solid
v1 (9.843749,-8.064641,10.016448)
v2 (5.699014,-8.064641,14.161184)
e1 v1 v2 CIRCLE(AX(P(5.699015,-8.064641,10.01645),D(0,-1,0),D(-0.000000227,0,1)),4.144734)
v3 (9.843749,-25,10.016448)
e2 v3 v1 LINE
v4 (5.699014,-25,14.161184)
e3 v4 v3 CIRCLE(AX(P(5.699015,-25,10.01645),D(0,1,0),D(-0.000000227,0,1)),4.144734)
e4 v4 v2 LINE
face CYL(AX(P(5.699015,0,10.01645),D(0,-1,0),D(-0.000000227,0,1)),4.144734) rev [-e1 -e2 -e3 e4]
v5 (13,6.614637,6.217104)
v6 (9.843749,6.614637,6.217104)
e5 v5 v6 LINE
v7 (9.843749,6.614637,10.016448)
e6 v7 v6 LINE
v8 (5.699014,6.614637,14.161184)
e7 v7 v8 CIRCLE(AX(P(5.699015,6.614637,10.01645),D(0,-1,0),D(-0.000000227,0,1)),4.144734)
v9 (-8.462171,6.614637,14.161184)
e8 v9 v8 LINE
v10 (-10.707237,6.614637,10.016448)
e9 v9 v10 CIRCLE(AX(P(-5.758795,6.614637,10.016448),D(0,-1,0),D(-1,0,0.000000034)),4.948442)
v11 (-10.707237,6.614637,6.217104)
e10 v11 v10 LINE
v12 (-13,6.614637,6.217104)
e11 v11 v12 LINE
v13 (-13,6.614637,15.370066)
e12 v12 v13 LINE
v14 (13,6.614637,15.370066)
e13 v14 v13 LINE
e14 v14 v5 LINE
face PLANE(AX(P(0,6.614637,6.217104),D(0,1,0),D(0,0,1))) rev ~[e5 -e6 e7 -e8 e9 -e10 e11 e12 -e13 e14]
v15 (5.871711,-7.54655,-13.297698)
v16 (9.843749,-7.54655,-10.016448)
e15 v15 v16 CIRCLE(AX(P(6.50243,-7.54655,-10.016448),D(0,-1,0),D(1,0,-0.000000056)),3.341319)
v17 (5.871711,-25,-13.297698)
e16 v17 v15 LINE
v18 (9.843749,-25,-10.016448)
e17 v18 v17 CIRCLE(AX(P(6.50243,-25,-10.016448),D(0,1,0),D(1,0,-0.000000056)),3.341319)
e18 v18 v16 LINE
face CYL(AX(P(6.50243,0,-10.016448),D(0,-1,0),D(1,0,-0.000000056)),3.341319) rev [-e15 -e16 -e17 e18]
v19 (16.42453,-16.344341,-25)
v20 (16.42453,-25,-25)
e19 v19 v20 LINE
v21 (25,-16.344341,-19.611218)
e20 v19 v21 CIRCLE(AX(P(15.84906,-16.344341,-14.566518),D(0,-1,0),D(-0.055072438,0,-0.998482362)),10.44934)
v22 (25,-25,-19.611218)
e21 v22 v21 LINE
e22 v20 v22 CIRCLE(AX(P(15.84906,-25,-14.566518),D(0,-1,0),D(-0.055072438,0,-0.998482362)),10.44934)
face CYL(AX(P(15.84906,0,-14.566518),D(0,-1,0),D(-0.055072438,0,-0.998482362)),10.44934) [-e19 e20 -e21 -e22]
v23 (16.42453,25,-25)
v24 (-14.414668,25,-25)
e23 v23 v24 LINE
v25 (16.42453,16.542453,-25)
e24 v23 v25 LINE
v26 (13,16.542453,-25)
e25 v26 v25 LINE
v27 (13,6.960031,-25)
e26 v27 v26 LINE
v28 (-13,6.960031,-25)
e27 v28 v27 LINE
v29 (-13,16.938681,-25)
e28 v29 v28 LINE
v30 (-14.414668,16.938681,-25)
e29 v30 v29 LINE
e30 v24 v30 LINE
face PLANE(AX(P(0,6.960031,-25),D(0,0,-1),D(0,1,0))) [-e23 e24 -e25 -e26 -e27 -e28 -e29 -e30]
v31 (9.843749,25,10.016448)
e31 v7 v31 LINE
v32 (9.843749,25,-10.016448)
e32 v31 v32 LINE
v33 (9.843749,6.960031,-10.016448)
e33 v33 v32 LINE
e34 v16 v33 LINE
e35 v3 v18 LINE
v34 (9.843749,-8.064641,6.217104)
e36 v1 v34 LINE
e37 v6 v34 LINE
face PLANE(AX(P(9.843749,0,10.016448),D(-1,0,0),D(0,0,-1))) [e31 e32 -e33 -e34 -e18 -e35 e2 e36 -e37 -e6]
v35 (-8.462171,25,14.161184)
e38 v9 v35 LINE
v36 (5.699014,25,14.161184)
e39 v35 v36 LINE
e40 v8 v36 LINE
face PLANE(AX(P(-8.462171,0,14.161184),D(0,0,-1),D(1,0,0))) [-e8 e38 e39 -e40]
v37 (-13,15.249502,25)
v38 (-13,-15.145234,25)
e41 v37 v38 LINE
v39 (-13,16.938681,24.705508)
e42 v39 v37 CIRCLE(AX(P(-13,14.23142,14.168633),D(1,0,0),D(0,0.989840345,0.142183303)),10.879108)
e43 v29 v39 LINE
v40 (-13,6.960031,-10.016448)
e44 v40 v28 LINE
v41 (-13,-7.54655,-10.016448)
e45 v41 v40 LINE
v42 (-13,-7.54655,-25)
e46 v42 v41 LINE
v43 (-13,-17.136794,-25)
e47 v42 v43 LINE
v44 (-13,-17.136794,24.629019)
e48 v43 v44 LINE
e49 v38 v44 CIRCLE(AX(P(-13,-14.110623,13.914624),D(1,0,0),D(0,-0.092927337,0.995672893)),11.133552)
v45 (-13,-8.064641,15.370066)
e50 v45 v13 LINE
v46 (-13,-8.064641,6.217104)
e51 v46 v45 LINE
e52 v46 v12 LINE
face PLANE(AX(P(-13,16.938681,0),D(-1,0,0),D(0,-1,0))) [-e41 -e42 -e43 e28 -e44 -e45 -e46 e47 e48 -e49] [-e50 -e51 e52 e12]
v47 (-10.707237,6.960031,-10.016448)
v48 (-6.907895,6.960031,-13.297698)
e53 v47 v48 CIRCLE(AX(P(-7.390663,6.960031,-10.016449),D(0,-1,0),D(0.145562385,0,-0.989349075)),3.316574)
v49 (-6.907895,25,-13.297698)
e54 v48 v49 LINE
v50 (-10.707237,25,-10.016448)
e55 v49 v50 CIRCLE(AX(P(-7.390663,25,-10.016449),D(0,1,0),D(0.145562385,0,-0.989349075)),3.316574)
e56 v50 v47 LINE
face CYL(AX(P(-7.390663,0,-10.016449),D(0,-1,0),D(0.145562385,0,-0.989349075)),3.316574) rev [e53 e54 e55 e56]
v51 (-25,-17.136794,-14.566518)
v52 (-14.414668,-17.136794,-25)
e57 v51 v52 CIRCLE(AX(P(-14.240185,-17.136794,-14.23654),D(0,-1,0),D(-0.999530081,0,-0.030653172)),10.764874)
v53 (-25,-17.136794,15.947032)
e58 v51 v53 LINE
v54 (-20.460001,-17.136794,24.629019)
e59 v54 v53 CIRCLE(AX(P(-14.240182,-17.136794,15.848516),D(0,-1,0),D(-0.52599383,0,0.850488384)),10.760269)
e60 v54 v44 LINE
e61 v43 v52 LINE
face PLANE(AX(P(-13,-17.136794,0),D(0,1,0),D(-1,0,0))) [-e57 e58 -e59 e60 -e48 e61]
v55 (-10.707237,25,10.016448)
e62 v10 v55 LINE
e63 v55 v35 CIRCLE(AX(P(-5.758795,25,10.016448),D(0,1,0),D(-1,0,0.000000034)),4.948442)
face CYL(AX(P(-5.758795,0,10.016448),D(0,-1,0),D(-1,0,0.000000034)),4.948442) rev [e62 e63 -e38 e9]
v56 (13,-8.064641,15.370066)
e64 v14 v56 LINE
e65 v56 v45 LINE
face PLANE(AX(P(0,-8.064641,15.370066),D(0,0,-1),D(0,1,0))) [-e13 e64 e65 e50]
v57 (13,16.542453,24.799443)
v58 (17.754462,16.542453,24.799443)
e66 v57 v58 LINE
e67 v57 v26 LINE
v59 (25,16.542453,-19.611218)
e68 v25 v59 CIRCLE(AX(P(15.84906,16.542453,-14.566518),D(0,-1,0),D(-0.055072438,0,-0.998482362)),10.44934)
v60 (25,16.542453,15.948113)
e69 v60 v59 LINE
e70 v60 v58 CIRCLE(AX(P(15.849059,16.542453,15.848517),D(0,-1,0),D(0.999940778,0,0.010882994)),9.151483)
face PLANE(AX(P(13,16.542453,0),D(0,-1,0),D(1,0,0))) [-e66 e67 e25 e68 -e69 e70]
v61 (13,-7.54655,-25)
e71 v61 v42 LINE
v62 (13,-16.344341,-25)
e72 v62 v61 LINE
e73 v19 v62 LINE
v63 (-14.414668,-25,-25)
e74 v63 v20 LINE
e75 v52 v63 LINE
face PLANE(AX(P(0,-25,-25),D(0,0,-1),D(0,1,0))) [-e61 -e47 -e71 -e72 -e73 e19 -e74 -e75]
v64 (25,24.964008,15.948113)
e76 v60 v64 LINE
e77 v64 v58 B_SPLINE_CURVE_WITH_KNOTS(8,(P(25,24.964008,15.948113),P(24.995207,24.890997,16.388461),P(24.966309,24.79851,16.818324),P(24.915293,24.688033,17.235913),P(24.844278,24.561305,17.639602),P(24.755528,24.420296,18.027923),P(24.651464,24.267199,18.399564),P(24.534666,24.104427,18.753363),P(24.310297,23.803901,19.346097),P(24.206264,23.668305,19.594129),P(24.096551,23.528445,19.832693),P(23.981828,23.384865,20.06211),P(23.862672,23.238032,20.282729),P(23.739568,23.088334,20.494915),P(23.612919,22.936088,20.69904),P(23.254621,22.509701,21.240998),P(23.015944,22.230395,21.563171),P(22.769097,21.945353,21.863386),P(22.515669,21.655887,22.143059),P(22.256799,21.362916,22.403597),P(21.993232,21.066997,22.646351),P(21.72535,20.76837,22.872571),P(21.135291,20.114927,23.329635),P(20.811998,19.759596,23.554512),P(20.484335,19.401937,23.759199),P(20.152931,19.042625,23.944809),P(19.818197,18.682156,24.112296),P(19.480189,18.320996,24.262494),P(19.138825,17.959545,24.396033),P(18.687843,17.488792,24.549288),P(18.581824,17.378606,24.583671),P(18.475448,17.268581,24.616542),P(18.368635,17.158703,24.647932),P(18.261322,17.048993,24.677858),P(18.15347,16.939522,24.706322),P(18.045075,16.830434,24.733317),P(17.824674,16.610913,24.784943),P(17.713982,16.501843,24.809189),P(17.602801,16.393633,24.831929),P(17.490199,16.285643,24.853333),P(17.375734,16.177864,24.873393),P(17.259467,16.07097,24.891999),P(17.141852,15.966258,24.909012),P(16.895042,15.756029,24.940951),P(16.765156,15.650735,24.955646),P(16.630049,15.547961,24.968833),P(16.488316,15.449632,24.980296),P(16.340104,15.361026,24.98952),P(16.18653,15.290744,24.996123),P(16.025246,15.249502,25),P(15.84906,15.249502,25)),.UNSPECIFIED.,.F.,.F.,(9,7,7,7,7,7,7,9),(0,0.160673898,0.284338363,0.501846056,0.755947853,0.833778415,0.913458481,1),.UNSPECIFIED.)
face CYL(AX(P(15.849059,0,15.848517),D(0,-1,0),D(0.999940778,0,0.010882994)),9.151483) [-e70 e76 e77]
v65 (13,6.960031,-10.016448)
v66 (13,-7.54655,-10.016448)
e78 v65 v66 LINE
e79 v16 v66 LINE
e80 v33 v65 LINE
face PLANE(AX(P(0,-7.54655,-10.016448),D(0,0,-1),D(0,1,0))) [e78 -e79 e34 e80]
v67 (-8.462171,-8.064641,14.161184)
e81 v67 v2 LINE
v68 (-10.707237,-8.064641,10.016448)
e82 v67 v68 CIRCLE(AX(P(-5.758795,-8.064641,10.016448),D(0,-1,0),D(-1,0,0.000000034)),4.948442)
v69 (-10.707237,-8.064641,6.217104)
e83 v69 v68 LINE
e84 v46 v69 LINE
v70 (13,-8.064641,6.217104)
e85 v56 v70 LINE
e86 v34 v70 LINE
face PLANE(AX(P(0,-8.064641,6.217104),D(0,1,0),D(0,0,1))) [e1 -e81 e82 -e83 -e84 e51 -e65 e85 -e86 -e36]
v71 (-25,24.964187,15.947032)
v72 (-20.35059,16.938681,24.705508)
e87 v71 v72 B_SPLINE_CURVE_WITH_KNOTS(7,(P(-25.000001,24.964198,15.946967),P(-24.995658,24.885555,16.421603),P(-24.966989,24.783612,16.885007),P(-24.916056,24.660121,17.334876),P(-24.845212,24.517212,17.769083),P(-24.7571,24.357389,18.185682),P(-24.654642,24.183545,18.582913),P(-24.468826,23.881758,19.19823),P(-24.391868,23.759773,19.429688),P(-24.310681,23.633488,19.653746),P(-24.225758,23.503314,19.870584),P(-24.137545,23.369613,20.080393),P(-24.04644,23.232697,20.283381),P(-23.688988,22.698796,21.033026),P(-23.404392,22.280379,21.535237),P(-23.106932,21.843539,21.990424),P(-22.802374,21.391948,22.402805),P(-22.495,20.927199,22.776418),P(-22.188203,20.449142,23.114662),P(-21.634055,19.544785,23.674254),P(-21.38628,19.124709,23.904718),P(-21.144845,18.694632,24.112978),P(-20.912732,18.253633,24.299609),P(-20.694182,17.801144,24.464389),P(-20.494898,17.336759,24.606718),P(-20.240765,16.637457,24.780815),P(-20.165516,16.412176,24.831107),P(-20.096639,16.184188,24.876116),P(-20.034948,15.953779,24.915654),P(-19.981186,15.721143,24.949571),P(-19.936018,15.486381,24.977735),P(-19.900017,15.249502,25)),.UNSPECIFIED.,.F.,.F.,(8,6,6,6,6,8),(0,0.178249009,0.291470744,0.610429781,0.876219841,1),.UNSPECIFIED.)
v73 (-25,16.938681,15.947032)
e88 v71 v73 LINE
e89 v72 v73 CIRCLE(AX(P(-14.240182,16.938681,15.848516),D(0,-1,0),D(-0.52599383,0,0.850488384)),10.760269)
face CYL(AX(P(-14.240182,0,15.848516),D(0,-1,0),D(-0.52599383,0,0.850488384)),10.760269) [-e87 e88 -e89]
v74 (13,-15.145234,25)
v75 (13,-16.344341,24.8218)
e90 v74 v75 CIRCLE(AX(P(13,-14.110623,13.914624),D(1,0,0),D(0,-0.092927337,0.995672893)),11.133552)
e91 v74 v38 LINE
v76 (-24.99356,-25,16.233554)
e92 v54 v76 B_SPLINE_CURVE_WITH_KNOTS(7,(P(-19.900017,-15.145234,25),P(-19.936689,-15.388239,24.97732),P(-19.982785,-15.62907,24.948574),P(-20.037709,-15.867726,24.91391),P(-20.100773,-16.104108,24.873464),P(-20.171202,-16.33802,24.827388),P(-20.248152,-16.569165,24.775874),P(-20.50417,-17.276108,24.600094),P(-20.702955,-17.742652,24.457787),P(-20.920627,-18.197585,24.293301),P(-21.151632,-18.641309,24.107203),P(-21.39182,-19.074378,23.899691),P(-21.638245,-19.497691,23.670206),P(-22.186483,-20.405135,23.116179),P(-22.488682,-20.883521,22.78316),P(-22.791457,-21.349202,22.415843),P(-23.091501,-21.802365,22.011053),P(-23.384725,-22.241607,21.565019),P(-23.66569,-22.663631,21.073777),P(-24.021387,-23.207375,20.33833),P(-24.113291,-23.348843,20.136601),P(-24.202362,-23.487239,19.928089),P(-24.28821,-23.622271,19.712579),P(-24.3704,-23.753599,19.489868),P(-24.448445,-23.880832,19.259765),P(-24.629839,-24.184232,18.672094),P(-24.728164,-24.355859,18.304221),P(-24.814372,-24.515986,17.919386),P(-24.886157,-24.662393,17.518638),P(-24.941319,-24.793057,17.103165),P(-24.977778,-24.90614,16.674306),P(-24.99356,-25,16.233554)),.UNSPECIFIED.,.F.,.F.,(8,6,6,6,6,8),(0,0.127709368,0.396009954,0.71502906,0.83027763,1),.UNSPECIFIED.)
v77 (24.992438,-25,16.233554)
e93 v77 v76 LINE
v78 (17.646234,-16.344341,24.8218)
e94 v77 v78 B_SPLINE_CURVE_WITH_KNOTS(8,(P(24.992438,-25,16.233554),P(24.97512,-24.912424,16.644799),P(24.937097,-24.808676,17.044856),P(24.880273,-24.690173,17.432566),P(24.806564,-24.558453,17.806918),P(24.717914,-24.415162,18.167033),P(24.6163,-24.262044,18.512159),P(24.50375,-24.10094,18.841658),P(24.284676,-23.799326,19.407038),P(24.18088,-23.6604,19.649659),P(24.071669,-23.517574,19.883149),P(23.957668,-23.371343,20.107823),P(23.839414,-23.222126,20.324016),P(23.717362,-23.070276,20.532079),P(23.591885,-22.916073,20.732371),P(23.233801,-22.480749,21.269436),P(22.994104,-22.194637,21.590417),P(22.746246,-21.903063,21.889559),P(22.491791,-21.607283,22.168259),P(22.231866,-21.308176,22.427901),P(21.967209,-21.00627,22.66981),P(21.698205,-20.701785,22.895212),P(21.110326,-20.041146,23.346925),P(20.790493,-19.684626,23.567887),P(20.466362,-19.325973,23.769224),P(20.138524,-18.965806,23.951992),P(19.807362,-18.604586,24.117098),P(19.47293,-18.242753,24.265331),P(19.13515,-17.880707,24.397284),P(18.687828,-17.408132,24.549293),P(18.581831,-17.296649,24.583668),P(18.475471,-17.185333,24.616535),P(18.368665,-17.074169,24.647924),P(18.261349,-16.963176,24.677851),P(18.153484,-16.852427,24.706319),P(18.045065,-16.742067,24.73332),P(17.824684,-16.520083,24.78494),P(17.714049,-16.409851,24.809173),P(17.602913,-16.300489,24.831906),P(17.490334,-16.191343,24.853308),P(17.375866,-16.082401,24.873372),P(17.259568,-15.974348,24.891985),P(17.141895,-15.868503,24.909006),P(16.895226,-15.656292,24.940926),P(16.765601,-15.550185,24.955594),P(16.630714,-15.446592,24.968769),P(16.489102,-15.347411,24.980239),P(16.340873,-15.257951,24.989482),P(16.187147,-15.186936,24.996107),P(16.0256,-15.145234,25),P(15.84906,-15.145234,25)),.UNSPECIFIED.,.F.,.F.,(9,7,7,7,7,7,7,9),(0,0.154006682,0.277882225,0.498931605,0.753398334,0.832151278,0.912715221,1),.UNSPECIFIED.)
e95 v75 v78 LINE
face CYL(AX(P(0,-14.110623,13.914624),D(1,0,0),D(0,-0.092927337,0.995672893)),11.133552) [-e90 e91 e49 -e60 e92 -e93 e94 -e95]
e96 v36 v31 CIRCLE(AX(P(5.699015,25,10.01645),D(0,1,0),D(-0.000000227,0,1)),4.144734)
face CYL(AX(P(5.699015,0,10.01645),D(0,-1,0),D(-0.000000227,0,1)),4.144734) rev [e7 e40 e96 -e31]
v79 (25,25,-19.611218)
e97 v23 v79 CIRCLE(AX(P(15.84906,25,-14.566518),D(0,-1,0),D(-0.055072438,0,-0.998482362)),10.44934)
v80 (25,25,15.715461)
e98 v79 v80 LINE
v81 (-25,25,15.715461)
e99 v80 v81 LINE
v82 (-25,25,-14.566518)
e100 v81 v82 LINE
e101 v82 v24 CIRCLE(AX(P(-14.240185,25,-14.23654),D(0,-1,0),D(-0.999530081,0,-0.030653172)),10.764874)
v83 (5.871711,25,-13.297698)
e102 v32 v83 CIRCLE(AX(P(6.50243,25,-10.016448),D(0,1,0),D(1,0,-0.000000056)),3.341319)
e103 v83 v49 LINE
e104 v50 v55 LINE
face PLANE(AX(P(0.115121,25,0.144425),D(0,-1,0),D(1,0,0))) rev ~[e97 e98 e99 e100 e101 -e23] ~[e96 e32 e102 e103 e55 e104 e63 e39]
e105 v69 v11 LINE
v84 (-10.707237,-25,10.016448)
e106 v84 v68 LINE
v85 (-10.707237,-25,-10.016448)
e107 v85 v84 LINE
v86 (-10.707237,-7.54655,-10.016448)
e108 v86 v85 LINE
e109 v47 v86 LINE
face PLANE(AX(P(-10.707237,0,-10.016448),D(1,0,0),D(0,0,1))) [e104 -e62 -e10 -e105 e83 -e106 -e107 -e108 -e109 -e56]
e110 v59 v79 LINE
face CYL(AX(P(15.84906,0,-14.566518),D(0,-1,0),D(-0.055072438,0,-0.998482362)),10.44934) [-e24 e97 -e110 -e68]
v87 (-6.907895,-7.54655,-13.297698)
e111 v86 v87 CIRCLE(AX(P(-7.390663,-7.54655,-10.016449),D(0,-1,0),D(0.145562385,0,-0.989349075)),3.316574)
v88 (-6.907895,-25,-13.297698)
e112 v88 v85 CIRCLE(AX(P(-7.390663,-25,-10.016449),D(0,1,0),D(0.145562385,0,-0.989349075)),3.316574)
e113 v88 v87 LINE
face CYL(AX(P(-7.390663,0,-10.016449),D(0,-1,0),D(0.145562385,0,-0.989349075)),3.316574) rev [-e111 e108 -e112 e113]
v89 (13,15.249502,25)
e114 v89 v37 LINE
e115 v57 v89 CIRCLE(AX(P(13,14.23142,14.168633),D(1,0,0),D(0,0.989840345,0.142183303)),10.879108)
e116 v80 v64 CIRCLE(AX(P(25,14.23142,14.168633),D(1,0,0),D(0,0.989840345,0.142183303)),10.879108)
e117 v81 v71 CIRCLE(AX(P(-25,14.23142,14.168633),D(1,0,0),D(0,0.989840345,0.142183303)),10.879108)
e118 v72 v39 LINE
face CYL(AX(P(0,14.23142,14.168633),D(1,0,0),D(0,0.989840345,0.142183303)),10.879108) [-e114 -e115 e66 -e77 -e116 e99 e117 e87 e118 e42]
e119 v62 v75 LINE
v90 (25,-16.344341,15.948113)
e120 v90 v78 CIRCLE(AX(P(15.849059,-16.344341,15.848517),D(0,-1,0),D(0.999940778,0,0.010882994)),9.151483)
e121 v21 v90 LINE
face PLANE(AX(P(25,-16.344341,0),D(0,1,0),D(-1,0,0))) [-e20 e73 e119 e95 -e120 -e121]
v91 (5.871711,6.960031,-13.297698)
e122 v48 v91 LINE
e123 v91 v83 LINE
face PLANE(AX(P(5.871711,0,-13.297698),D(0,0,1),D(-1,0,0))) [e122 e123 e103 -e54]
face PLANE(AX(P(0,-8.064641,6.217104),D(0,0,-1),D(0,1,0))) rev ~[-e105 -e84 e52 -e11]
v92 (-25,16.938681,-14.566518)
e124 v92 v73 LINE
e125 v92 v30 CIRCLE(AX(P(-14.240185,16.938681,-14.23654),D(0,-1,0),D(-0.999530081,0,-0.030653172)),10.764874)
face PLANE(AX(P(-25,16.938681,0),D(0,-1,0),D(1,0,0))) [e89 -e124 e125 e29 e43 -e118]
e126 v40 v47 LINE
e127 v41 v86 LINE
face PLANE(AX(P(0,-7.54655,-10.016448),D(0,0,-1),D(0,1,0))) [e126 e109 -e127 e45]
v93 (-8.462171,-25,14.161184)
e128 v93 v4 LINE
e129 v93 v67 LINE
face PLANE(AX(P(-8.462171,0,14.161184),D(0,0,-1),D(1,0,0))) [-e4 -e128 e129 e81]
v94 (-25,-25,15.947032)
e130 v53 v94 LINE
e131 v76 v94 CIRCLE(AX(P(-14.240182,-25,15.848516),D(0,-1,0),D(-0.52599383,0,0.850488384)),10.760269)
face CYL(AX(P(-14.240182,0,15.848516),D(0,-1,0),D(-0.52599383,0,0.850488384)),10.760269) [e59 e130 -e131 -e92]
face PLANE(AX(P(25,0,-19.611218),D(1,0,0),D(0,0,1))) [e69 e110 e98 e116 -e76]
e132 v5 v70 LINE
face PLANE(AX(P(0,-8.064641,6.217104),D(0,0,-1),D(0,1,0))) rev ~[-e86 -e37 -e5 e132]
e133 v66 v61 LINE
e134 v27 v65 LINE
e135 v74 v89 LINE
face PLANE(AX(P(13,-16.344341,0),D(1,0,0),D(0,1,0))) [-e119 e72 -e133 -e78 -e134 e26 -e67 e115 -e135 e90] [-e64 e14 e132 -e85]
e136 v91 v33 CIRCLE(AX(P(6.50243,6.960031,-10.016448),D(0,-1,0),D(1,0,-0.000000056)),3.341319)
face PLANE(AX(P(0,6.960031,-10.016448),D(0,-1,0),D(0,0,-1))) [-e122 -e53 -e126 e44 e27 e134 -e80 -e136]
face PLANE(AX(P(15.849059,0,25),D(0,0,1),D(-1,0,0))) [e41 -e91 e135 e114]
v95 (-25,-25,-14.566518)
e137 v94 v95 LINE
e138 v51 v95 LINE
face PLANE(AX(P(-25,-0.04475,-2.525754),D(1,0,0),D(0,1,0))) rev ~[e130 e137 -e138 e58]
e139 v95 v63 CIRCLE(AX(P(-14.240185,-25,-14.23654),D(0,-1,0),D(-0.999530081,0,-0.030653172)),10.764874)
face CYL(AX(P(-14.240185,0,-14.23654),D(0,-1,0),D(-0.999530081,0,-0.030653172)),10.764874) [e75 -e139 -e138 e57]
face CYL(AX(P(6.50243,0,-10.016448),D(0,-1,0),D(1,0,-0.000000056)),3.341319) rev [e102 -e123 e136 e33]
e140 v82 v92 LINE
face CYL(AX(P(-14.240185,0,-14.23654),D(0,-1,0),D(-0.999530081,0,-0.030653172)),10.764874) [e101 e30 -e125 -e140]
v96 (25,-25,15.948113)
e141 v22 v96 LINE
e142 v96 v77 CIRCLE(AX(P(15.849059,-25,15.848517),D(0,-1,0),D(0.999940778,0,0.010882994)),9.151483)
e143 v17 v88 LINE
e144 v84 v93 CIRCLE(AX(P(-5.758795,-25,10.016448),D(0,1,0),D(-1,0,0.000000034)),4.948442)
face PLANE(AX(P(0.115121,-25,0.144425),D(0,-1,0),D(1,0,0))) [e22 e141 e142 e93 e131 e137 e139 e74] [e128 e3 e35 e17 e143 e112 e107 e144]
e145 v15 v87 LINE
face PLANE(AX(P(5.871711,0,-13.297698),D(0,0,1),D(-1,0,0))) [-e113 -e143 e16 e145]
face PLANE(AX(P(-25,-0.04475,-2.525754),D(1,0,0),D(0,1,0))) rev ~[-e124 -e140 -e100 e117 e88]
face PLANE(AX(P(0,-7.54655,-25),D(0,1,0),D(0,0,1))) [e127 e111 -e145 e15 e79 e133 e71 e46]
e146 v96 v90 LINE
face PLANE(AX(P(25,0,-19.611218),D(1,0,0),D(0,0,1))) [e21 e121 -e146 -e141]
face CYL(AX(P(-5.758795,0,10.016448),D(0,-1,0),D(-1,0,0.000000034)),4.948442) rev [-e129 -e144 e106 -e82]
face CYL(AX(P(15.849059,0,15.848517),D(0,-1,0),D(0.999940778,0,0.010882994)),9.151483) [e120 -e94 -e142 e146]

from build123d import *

# Parameters (mm, degrees)
F3_DEPTH = 25
F2_W     = 14.679278
F2_H     = 9.152961
F4_DEPTH = 25
F5_DEPTH = 25


with BuildPart() as f3:
    # F1 (on Front) → F3 (new body, symmetric)
    with BuildSketch(Plane.XZ):
        with BuildLine():
            Line((15.849059, 25), (-19.900017, 25))
            ThreePointArc((-19.900017, 25), (-23.663126, 21.043852), (-25, 15.75))
            Line((-25, 15.75), (-25, -13.906561))
            Line((-25, -13.906561), (-25, -14.566518))
            ThreePointArc((-25, -14.566518), (-21.671652, -22.024724), (-14.065702, -25))
            Line((-14.065702, -25), (15.273589, -25))
            ThreePointArc((15.273589, -25), (20.913091, -23.706775), (25, -19.611218))
            Line((25, -19.611218), (25, -9.521818))
            Line((25, -9.521818), (25, 15.948113))
            ThreePointArc((25, 15.948113), (22.284826, 22.35471), (15.849059, 25))
        make_face()
        with BuildLine():
            Line((-10.707237, -10.016448), (-10.707237, 0))
            Line((-10.707237, 0), (-10.707237, 10.016448))
            ThreePointArc((-10.707237, 10.016448), (-10.10992, 12.373308), (-8.462171, 14.161184))
            Line((-8.462171, 14.161184), (4.317435, 14.161184))
            Line((4.317435, 14.161184), (5.699014, 14.161184))
            ThreePointArc((5.699014, 14.161184), (8.629785, 12.947219), (9.843749, 10.016448))
            Line((9.843749, 10.016448), (9.843749, 0))
            Line((9.843749, 0), (9.843749, -10.016448))
            ThreePointArc((9.843749, -10.016448), (8.630455, -12.592476), (5.871711, -13.297698))
            Line((5.871711, -13.297698), (-6.907895, -13.297698))
            ThreePointArc((-6.907895, -13.297698), (-9.558442, -12.526508), (-10.707237, -10.016448))
        make_face(mode=Mode.SUBTRACT)
    extrude(amount=F3_DEPTH, both=True)

    # F2 (on Right) → F4 (intersect, symmetric)
    with BuildSketch(Plane.YZ):
        with BuildLine():
            Line((-25, -25), (-7.54655, -25))
            Line((-7.54655, -25), (-7.54655, -10.016448))
            Line((-7.54655, -10.016448), (6.960031, -10.016448))
            Line((6.960031, -10.016448), (6.960031, -25))
            Line((6.960031, -25), (25, -25))
            Line((25, -25), (25, 15.715461))
            ThreePointArc((25, 15.715461), (21.733554, 22.047274), (15.249502, 25))
            Line((15.249502, 25), (-15.145234, 25))
            ThreePointArc((-15.145234, 25), (-21.510489, 22.233155), (-25, 16.233554))
            Line((-25, 16.233554), (-25, -25))
        make_face()
        with Locations((-0.725002, 10.793585)):
            Rectangle(F2_W, F2_H, mode=Mode.SUBTRACT)
    extrude(amount=F4_DEPTH, both=True, mode=Mode.INTERSECT)

    # F0 (on Top) → F5 (intersect, symmetric)
    with BuildSketch(Plane.XY):
        Polygon((25, 25), (-25, 25), (-25, 16.938681), (-13, 16.938681), (-13, -17.136794), (-25, -17.136794), (-25, -25), (25, -25), (25, -16.344341), (13, -16.344341), (13, 16.542453), (25, 16.542453), align=None)
    extrude(amount=F5_DEPTH, both=True, mode=Mode.INTERSECT)


solid = f3.part
